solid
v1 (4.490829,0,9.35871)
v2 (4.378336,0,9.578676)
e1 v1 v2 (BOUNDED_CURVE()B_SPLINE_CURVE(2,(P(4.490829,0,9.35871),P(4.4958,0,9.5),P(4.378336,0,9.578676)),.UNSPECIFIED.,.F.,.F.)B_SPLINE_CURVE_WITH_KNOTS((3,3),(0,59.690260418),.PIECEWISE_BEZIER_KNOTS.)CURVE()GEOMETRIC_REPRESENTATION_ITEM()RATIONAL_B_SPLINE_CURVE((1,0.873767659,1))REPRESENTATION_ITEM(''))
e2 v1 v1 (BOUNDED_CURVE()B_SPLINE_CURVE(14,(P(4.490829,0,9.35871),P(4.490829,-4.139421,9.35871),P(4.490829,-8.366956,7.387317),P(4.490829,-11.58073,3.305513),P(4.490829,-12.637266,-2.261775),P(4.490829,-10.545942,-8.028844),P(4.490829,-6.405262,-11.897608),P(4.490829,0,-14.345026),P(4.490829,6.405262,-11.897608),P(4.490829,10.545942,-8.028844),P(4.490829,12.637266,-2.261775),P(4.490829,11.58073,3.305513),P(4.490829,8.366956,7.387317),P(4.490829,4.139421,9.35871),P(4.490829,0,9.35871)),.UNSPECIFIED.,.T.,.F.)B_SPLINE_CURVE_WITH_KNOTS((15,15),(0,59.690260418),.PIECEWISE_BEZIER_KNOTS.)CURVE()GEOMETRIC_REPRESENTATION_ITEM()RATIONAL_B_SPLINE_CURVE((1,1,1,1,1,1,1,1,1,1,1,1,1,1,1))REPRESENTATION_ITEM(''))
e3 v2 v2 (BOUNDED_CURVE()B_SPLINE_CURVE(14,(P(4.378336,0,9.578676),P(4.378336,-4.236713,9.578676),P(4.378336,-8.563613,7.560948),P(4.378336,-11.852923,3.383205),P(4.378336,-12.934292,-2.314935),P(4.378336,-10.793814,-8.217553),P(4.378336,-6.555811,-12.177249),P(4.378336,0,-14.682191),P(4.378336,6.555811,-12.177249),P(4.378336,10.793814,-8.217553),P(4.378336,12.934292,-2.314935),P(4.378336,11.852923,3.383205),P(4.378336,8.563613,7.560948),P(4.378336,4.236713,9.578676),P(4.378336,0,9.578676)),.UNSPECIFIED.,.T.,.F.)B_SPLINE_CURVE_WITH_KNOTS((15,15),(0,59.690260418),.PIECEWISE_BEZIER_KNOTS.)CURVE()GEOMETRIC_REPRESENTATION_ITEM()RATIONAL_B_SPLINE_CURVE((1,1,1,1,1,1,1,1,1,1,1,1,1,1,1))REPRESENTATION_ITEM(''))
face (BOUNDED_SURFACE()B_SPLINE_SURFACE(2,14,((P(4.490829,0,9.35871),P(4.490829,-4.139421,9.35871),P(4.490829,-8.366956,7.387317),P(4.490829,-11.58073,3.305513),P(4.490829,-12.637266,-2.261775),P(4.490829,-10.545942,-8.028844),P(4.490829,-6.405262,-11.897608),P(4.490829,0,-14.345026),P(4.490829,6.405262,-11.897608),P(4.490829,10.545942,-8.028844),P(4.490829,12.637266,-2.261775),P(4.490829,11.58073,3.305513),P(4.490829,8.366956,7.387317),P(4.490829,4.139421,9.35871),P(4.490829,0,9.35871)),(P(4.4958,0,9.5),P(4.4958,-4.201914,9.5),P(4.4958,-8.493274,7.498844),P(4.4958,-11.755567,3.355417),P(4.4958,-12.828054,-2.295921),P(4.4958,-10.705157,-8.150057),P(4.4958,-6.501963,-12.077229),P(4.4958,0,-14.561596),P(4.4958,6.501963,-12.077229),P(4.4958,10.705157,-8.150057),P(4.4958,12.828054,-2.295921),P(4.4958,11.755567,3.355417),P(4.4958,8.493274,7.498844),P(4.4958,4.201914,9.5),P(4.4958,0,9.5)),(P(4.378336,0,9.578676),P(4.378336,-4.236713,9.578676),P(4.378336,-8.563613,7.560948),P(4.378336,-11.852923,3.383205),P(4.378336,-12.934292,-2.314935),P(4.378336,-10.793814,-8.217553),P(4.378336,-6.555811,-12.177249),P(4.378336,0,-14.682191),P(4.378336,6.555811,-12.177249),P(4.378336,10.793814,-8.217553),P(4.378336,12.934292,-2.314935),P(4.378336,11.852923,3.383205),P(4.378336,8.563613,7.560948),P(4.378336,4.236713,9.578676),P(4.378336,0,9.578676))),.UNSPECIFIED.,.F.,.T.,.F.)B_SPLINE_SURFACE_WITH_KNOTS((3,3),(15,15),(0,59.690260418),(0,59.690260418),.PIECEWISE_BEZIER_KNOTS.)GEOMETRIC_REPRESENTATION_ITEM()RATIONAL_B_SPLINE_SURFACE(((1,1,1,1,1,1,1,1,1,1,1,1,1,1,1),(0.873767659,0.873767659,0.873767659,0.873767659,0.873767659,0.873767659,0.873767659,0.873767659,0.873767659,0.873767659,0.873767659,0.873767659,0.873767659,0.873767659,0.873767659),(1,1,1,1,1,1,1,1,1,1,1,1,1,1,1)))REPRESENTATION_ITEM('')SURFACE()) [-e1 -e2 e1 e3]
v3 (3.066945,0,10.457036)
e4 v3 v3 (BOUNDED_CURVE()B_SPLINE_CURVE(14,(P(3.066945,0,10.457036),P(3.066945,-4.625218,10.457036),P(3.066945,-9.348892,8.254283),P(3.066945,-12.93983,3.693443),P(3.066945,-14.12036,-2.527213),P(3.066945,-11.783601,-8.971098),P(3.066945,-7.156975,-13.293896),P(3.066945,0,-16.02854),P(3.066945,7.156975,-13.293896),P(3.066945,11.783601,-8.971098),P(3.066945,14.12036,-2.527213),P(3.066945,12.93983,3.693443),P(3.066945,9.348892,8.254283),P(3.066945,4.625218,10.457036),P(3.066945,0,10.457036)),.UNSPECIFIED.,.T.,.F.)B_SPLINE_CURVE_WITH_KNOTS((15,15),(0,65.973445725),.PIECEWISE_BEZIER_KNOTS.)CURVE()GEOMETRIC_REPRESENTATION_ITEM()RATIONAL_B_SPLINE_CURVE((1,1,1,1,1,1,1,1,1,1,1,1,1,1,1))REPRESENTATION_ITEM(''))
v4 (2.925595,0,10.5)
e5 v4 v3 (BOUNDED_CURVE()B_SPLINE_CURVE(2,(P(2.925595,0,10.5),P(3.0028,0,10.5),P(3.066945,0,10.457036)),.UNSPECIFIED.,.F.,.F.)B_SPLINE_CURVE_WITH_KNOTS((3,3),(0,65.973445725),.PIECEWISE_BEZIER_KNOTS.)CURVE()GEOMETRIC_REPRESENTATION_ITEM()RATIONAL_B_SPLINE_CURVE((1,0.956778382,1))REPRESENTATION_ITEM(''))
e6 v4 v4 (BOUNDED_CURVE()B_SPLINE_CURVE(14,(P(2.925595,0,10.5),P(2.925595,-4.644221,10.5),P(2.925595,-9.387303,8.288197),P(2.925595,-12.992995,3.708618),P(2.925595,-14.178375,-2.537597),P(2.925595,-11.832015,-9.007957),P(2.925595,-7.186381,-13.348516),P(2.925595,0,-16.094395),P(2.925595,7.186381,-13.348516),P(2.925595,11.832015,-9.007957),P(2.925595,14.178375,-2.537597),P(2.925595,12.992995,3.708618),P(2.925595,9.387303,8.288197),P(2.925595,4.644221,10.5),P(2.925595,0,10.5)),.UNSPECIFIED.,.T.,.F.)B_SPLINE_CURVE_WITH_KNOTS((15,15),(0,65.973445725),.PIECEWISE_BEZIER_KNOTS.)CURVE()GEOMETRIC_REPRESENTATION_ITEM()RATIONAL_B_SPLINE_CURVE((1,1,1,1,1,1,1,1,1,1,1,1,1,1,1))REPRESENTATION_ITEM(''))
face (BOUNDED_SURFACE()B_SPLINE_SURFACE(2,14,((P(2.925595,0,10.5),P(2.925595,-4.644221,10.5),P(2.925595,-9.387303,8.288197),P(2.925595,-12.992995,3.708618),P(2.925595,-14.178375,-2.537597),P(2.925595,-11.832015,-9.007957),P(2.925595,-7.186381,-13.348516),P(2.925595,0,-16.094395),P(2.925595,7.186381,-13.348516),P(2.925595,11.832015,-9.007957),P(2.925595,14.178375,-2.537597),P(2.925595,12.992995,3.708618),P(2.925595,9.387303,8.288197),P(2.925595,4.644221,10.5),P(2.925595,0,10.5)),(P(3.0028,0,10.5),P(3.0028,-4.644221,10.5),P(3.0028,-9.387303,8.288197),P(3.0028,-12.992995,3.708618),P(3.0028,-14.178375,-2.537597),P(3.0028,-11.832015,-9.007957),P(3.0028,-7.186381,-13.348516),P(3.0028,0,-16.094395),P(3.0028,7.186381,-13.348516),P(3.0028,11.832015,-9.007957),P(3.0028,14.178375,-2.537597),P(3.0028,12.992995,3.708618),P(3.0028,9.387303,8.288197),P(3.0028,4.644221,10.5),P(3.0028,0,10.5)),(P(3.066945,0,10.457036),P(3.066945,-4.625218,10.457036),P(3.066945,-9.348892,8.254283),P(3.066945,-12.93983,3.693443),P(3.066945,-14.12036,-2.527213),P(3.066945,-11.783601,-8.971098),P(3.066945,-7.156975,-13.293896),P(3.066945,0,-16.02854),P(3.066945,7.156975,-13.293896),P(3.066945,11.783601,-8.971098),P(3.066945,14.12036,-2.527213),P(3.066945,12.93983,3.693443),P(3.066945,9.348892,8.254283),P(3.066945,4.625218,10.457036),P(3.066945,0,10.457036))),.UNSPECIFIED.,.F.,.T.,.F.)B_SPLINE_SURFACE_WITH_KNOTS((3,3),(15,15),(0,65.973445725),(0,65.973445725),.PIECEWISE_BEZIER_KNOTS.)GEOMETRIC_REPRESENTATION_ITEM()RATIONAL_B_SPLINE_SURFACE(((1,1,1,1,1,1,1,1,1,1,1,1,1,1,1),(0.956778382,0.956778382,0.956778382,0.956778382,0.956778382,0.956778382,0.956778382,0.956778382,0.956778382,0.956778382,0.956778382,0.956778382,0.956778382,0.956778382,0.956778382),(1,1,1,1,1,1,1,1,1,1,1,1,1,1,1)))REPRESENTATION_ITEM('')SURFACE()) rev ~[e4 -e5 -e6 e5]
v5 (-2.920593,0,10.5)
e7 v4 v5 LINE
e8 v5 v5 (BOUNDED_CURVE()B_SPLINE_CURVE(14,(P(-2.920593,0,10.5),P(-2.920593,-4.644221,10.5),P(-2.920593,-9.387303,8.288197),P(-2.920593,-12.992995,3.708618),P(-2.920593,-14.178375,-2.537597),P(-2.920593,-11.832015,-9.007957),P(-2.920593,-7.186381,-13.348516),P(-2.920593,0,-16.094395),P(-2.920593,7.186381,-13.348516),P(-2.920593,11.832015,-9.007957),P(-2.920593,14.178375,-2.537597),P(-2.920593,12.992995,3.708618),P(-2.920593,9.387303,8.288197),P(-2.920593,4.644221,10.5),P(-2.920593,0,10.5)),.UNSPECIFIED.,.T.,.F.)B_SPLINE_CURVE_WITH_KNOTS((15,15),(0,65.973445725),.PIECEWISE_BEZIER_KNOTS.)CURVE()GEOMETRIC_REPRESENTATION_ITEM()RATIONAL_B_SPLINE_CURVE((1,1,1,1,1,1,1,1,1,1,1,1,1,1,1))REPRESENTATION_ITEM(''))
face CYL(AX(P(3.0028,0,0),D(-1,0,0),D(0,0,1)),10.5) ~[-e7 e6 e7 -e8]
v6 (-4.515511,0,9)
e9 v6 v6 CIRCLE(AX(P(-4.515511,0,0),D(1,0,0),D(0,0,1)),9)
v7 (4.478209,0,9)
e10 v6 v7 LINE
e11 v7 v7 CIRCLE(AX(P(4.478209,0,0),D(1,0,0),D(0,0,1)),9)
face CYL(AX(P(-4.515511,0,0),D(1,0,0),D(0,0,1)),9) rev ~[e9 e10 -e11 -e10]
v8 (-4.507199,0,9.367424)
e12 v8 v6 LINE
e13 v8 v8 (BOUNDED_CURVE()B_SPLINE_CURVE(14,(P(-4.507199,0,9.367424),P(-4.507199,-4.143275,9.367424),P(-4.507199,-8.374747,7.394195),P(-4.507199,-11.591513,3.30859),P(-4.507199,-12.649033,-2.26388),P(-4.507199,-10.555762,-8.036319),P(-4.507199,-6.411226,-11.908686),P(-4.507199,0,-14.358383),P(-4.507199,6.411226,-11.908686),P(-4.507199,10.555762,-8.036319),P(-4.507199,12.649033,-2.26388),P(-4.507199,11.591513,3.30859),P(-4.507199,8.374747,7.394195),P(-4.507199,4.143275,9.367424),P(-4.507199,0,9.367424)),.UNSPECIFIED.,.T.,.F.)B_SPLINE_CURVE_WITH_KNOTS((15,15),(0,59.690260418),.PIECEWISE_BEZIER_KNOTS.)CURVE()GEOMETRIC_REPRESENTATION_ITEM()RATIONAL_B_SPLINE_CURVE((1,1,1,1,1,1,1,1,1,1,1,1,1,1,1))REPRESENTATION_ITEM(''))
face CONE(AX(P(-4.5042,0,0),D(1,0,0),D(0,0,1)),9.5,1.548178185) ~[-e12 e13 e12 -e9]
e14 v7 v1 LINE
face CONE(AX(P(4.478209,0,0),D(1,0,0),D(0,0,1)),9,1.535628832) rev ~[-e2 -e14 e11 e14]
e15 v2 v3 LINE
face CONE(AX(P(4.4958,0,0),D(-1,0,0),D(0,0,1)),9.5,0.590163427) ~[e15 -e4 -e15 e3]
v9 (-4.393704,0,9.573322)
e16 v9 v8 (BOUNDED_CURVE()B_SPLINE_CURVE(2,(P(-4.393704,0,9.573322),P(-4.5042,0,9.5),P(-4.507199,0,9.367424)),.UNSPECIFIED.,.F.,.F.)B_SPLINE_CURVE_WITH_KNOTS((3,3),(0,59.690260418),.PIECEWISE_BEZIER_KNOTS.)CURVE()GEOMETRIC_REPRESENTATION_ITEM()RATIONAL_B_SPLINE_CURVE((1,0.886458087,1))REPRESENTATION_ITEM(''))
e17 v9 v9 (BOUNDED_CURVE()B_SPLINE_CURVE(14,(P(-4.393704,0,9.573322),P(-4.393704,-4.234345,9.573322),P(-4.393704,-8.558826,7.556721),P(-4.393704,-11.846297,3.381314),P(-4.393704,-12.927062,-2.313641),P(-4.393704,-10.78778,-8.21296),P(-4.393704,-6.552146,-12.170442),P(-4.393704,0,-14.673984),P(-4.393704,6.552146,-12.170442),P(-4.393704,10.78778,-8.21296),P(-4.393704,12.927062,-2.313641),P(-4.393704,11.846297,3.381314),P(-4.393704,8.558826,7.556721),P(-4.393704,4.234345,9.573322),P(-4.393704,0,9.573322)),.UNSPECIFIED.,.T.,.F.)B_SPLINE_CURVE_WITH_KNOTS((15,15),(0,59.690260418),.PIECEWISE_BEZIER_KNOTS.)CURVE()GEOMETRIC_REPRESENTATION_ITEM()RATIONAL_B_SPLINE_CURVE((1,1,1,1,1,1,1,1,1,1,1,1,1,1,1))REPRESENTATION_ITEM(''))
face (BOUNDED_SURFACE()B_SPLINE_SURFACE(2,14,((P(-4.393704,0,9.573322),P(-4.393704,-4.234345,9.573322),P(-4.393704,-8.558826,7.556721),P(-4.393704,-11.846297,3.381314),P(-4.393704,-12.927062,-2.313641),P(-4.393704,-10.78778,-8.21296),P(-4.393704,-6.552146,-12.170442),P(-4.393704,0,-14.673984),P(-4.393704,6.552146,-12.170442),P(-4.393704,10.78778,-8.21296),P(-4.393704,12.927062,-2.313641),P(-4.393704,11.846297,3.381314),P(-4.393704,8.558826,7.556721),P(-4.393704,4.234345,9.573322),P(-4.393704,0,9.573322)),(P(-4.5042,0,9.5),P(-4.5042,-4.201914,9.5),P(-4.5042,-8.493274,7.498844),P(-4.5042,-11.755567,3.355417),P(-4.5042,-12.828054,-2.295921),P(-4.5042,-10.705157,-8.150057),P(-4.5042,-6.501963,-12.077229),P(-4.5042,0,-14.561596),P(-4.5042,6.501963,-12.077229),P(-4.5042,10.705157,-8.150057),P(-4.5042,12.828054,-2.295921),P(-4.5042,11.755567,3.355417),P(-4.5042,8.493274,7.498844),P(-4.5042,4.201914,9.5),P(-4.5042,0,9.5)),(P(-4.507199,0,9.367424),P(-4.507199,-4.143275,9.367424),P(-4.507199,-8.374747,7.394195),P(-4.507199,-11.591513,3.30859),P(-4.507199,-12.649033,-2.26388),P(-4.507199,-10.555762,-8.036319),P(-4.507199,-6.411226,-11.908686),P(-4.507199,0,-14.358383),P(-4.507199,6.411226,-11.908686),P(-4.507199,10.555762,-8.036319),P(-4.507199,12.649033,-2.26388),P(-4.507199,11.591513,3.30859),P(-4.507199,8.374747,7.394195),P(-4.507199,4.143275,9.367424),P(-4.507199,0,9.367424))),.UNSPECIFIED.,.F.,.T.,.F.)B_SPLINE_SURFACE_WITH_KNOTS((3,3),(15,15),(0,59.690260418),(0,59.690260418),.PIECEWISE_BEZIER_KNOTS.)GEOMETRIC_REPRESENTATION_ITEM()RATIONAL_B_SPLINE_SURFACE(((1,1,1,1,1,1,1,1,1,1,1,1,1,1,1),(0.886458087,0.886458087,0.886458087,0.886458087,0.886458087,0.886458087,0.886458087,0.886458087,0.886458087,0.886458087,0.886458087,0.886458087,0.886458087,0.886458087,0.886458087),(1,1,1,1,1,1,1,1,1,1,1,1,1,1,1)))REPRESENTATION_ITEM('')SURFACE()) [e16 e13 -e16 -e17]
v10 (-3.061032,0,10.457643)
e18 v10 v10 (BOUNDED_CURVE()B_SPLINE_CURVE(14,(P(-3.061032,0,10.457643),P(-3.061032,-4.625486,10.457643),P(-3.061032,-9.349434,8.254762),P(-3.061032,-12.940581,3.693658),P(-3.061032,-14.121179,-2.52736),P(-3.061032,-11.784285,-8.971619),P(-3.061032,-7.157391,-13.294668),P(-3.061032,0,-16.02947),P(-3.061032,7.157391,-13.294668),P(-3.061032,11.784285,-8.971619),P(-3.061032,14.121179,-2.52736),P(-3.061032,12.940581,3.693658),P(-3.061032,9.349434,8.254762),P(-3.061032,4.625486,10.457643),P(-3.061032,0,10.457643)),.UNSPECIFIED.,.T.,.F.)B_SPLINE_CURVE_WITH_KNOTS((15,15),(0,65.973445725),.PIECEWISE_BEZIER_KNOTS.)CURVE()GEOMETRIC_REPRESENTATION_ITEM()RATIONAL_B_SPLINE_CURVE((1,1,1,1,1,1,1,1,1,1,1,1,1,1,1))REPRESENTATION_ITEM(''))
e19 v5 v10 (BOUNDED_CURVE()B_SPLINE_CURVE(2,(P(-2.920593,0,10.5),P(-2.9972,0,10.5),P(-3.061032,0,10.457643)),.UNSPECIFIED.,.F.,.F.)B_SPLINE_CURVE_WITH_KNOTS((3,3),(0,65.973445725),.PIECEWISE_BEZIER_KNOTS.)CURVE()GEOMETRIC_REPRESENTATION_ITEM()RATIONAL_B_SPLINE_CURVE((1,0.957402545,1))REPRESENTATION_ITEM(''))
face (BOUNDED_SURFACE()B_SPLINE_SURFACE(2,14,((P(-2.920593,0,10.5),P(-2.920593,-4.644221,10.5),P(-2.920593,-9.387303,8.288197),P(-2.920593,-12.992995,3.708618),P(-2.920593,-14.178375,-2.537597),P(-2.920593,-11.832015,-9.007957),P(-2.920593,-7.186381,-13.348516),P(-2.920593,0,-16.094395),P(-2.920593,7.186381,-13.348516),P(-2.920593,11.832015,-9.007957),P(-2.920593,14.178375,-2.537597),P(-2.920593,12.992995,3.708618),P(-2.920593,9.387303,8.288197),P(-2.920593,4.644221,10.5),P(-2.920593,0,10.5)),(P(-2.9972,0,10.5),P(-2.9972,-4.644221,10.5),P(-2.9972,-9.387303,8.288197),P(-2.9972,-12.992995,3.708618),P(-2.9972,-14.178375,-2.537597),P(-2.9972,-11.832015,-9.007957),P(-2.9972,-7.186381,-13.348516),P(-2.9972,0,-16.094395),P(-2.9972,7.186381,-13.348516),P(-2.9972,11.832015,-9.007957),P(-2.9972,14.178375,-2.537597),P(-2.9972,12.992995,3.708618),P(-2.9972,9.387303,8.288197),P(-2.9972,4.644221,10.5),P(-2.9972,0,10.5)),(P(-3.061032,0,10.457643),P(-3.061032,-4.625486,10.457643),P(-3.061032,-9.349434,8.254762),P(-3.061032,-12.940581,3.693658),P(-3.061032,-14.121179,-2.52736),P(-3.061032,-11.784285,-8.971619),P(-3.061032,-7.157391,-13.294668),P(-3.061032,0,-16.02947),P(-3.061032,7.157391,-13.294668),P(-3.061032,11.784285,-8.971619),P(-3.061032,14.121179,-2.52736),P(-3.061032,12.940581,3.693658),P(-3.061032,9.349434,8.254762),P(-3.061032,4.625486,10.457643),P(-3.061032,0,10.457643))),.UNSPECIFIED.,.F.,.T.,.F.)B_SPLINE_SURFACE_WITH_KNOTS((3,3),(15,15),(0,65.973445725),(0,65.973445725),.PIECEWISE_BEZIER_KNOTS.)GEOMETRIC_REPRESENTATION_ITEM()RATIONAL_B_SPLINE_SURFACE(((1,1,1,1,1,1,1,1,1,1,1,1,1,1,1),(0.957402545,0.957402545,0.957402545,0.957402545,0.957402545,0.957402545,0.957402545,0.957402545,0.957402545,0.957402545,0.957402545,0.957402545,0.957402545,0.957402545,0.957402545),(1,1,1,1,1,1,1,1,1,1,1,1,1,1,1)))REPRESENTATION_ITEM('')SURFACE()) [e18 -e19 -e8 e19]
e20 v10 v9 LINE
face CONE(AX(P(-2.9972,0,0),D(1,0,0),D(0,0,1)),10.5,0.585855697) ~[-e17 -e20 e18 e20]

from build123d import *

# Parameters (mm, degrees)
F3_R = 0.254


with BuildPart() as f2:
    # F1 (on Front) → F2 (revolve)
    with BuildSketch(Plane.XZ):
        Polygon((3.0028, 10.5), (-2.9972, 10.5), (-4.5042, 9.5), (-4.515511, 9), (4.478209, 9), (4.4958, 9.5), align=None)
    revolve(axis=Axis((-3.245685, 0, 0), (1, 0, 0)))

    # F3
    f3_edges = [f2.edges().sort_by_distance(p)[0] for p in [
        (4.4958, 0, -9.5),
        (-4.5042, 0, -9.5),
        (-2.9972, 0, -10.5),
        (3.0028, 0, -10.5),
    ]]
    fillet(f3_edges, radius=F3_R)


solid = f2.part
